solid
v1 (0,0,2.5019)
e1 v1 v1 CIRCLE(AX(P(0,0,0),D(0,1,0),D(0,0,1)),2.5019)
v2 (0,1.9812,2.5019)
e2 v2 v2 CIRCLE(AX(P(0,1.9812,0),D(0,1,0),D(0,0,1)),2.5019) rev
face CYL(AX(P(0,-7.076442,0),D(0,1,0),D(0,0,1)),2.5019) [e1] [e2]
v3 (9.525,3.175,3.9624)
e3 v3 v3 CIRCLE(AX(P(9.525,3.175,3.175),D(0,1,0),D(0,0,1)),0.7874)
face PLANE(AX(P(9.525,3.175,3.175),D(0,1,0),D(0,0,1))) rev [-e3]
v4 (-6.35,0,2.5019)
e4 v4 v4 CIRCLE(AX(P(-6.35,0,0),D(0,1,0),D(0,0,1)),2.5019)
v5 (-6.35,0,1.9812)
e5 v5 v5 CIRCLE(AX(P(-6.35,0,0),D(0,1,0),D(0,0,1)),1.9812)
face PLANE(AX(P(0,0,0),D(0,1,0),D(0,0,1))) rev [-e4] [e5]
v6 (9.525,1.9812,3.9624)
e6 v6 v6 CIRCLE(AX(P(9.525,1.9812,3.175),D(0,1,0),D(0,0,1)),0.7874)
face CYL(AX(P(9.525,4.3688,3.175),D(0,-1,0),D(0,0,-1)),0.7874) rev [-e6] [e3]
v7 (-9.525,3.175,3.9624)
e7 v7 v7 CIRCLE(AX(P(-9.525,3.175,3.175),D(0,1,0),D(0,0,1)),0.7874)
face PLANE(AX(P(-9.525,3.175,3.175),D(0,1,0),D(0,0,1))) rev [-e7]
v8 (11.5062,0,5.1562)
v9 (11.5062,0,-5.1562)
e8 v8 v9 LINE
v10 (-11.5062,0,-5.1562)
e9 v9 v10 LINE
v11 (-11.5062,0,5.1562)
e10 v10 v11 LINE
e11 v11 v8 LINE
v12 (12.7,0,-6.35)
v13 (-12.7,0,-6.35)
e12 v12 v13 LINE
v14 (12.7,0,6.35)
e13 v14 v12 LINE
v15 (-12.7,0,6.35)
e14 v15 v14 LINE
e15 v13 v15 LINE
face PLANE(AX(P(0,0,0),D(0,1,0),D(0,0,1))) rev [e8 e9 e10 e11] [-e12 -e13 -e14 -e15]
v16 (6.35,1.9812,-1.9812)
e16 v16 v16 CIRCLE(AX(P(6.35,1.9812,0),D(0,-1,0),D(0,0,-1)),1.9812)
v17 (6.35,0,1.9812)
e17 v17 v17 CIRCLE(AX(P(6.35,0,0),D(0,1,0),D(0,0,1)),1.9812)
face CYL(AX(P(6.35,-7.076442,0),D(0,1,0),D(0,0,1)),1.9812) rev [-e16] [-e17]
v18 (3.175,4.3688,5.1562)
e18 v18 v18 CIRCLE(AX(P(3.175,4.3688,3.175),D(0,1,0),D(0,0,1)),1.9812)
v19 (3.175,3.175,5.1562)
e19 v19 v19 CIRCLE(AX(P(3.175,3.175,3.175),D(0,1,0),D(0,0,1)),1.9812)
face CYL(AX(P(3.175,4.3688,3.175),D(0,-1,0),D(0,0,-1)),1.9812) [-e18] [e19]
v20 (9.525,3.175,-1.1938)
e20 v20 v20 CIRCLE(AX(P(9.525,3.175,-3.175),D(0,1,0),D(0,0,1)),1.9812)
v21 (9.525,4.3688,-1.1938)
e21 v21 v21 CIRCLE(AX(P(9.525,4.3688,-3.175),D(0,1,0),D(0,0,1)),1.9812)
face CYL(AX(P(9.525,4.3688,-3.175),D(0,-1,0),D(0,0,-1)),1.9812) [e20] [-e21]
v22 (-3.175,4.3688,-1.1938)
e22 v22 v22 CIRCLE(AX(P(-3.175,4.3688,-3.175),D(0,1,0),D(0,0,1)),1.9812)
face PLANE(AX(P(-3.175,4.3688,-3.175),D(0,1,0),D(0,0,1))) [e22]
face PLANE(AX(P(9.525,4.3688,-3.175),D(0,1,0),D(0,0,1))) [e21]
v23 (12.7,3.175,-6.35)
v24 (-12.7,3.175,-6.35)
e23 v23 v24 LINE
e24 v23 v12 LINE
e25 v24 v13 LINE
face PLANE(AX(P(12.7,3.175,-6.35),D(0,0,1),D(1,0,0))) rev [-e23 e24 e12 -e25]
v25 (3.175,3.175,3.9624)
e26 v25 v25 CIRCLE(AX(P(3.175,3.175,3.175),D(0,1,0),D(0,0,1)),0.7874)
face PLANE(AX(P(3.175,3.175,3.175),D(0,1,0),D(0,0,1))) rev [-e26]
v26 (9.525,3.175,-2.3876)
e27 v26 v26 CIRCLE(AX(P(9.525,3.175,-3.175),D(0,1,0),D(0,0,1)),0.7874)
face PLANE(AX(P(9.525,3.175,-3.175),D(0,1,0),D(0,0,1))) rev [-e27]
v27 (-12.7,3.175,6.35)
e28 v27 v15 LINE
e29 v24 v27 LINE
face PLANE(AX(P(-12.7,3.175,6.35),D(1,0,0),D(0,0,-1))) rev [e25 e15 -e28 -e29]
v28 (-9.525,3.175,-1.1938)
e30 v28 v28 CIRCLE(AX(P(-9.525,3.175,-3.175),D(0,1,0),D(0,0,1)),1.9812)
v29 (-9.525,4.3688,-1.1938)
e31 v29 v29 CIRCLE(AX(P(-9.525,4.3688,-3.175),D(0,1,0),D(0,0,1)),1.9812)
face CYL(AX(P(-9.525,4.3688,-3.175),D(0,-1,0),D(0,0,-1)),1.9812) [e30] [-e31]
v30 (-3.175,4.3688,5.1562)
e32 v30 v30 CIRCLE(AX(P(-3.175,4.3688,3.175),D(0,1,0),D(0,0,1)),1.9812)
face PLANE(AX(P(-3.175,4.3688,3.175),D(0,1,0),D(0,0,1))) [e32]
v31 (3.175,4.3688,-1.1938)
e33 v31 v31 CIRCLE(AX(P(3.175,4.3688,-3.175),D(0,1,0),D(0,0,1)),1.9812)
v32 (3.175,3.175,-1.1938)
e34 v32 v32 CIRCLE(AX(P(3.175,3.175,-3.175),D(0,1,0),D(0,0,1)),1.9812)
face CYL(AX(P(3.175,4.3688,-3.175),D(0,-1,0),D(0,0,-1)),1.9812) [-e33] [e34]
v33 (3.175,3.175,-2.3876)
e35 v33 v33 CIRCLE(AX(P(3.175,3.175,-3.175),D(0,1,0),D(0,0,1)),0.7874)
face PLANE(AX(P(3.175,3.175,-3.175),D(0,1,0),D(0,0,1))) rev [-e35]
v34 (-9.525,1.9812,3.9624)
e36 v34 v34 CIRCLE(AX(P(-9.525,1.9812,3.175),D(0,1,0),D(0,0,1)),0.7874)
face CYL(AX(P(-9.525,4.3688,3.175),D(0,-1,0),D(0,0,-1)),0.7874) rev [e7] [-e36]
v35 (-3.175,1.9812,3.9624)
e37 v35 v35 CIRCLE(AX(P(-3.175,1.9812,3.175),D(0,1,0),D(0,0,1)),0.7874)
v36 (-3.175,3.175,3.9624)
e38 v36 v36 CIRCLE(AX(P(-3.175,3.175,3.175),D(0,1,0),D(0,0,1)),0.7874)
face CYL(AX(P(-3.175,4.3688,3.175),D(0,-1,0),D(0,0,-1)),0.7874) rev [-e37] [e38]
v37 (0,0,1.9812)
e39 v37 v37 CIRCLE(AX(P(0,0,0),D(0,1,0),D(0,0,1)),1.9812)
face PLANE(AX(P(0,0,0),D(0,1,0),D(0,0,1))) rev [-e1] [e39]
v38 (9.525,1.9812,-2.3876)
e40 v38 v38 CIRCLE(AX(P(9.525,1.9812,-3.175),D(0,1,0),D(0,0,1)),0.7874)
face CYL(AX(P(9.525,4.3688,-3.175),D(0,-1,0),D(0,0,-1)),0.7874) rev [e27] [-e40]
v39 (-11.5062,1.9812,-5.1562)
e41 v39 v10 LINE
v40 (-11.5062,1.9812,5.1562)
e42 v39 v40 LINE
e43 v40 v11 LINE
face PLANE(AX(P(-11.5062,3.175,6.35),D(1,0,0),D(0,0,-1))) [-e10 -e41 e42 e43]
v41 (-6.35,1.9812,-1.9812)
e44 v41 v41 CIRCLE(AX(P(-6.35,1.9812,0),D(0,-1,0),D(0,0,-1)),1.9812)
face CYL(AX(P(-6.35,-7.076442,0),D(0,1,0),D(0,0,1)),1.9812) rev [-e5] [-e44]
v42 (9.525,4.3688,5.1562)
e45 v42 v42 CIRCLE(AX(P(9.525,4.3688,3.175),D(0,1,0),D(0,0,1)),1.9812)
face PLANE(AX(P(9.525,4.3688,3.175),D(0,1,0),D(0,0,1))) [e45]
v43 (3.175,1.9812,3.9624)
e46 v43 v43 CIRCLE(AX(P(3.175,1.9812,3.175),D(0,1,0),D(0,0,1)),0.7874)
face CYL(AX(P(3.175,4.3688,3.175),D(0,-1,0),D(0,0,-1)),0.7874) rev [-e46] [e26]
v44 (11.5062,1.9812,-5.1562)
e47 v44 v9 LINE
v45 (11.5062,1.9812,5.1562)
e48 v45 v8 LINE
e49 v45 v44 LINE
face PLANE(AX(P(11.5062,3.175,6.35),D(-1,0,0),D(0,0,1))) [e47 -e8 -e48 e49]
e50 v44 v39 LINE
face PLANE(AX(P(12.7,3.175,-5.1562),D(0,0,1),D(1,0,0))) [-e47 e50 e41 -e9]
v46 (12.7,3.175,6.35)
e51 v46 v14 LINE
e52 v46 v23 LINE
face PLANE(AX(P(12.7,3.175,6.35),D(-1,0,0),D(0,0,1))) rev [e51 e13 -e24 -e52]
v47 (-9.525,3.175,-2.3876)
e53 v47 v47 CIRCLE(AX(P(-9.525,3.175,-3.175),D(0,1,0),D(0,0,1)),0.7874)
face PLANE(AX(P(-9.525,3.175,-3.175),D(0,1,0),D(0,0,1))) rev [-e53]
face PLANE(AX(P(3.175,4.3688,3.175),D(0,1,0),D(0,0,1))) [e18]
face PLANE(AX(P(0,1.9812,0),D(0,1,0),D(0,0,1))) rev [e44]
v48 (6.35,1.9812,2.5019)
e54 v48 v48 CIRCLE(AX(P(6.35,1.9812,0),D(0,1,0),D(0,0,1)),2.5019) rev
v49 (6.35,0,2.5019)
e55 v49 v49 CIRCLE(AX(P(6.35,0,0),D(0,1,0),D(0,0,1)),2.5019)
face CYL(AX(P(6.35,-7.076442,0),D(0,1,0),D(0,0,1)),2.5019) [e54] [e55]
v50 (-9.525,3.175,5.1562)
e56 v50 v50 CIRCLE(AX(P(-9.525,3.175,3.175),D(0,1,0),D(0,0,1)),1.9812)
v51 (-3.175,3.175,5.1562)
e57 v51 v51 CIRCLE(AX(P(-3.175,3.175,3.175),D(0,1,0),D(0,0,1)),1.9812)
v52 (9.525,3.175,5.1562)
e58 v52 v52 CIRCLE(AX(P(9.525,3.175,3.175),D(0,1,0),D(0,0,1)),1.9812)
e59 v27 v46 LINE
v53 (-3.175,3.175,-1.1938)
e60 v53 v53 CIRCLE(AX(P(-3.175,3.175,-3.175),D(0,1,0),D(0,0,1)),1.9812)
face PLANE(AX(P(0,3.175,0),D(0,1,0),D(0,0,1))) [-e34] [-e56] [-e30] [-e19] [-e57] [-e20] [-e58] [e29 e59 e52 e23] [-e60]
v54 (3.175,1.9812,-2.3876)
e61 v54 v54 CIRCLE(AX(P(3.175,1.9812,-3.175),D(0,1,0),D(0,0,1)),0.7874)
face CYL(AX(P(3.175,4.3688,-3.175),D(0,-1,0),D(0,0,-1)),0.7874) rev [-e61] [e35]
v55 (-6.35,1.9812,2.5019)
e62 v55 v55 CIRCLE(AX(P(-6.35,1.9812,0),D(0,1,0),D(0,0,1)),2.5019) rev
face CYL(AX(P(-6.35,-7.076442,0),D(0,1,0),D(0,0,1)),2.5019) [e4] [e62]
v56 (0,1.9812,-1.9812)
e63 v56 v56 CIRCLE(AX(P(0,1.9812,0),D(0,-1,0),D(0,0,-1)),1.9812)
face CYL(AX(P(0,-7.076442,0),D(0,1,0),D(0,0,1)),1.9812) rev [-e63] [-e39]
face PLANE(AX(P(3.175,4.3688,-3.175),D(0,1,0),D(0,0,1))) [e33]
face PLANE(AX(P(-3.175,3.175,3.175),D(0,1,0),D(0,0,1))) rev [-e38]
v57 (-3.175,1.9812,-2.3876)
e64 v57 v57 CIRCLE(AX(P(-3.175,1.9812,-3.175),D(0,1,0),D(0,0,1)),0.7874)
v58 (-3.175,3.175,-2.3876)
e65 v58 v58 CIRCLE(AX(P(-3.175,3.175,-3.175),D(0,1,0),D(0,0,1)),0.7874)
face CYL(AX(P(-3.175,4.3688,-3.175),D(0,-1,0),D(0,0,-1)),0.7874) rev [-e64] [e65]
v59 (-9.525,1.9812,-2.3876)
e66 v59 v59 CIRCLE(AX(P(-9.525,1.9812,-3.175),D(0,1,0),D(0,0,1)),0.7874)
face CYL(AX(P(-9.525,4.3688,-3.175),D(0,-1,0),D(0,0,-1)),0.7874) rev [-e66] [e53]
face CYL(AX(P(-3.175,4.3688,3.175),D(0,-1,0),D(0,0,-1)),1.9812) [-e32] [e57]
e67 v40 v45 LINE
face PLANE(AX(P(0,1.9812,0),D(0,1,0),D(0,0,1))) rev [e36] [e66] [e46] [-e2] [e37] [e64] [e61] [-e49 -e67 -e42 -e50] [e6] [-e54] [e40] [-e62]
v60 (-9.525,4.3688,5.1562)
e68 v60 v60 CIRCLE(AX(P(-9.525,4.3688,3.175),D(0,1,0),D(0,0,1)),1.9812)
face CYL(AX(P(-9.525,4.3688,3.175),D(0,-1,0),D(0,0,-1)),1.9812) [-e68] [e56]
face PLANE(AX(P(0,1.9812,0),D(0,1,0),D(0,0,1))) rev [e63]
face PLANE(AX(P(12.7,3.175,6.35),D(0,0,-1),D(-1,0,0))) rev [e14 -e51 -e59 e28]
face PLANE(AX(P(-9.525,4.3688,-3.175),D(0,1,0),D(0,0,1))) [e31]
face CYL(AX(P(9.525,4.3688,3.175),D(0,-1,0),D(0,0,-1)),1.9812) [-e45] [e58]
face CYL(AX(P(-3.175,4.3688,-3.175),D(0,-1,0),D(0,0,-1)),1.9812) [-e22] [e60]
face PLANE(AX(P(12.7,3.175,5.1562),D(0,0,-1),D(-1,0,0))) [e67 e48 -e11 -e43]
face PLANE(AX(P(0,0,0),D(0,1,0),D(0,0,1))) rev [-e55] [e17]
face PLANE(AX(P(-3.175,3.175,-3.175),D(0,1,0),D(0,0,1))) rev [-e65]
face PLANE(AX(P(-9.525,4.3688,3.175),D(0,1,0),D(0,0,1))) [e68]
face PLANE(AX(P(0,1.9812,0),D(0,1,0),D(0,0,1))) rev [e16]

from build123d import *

# Parameters (mm, degrees)
SKETCH1_W            = 25.4
SKETCH1_H            = 12.7
BOSS_EXTRUDE1_DEPTH  = 3.175
SKETCH2_R            = 1.9812
BOSS_EXTRUDE2_DEPTH  = 1.1938
LPATTERN1_COUNT      = 4
LPATTERN1_PITCH      = 6.35
LPATTERN1_COUNT_DIR2 = 2
LPATTERN1_PITCH_DIR2 = 6.35
SHELL2_T             = -1.1938
SKETCH3_R            = 2.5019
SKETCH3_R_2          = 1.9812
BOSS_EXTRUDE3_DEPTH  = 1.9812
LPATTERN2_COUNT      = 3
LPATTERN2_PITCH      = 6.35


with BuildPart() as part:
    # Sketch1 → Boss-Extrude1 (new body)
    with BuildSketch(Plane(origin=(0, 0, 0), x_dir=(1, 0, 0), z_dir=(0, 1, 0))):
        Rectangle(SKETCH1_W, SKETCH1_H)
    extrude(amount=BOSS_EXTRUDE1_DEPTH)

    # Sketch2 → Boss-Extrude2 (add)
    with BuildSketch(Plane(origin=(0, 3.175, 0), x_dir=(1, 0, 0), z_dir=(0, 1, 0))):
        with Locations(Location((-9.525, 3.175, 0), (0, 0, 270))):
            Circle(SKETCH2_R)
    boss_extrude2 = extrude(amount=BOSS_EXTRUDE2_DEPTH)

    # LPattern1: Boss-Extrude2 4 × 2
    with Locations(*[(i * LPATTERN1_PITCH, 0, j * LPATTERN1_PITCH_DIR2) for i in range(LPATTERN1_COUNT) for j in range(LPATTERN1_COUNT_DIR2) if (i, j) != (0, 0)]):
        add(boss_extrude2)

    # Shell2
    shell2_openings = [part.faces().sort_by_distance(p)[0] for p in [
        (0, 0, 0),
    ]]
    offset(amount=SHELL2_T, openings=shell2_openings, kind=Kind.INTERSECTION)

    # Sketch3 → Boss-Extrude3 (add)
    with BuildSketch(Plane.XZ.offset(-1.9812)):
        with Locations(Location((6.35, 0, 0), (0, 0, 90))):
            Circle(SKETCH3_R)
        with Locations(Location((6.35, 0, 0), (0, 0, 90))):
            Circle(SKETCH3_R_2, mode=Mode.SUBTRACT)
    boss_extrude3 = extrude(amount=BOSS_EXTRUDE3_DEPTH)

    # LPattern2: Boss-Extrude3 ×3
    with Locations(*[(-i * LPATTERN2_PITCH, 0, 0) for i in range(1, LPATTERN2_COUNT)]):
        add(boss_extrude3)


solid = part.part
